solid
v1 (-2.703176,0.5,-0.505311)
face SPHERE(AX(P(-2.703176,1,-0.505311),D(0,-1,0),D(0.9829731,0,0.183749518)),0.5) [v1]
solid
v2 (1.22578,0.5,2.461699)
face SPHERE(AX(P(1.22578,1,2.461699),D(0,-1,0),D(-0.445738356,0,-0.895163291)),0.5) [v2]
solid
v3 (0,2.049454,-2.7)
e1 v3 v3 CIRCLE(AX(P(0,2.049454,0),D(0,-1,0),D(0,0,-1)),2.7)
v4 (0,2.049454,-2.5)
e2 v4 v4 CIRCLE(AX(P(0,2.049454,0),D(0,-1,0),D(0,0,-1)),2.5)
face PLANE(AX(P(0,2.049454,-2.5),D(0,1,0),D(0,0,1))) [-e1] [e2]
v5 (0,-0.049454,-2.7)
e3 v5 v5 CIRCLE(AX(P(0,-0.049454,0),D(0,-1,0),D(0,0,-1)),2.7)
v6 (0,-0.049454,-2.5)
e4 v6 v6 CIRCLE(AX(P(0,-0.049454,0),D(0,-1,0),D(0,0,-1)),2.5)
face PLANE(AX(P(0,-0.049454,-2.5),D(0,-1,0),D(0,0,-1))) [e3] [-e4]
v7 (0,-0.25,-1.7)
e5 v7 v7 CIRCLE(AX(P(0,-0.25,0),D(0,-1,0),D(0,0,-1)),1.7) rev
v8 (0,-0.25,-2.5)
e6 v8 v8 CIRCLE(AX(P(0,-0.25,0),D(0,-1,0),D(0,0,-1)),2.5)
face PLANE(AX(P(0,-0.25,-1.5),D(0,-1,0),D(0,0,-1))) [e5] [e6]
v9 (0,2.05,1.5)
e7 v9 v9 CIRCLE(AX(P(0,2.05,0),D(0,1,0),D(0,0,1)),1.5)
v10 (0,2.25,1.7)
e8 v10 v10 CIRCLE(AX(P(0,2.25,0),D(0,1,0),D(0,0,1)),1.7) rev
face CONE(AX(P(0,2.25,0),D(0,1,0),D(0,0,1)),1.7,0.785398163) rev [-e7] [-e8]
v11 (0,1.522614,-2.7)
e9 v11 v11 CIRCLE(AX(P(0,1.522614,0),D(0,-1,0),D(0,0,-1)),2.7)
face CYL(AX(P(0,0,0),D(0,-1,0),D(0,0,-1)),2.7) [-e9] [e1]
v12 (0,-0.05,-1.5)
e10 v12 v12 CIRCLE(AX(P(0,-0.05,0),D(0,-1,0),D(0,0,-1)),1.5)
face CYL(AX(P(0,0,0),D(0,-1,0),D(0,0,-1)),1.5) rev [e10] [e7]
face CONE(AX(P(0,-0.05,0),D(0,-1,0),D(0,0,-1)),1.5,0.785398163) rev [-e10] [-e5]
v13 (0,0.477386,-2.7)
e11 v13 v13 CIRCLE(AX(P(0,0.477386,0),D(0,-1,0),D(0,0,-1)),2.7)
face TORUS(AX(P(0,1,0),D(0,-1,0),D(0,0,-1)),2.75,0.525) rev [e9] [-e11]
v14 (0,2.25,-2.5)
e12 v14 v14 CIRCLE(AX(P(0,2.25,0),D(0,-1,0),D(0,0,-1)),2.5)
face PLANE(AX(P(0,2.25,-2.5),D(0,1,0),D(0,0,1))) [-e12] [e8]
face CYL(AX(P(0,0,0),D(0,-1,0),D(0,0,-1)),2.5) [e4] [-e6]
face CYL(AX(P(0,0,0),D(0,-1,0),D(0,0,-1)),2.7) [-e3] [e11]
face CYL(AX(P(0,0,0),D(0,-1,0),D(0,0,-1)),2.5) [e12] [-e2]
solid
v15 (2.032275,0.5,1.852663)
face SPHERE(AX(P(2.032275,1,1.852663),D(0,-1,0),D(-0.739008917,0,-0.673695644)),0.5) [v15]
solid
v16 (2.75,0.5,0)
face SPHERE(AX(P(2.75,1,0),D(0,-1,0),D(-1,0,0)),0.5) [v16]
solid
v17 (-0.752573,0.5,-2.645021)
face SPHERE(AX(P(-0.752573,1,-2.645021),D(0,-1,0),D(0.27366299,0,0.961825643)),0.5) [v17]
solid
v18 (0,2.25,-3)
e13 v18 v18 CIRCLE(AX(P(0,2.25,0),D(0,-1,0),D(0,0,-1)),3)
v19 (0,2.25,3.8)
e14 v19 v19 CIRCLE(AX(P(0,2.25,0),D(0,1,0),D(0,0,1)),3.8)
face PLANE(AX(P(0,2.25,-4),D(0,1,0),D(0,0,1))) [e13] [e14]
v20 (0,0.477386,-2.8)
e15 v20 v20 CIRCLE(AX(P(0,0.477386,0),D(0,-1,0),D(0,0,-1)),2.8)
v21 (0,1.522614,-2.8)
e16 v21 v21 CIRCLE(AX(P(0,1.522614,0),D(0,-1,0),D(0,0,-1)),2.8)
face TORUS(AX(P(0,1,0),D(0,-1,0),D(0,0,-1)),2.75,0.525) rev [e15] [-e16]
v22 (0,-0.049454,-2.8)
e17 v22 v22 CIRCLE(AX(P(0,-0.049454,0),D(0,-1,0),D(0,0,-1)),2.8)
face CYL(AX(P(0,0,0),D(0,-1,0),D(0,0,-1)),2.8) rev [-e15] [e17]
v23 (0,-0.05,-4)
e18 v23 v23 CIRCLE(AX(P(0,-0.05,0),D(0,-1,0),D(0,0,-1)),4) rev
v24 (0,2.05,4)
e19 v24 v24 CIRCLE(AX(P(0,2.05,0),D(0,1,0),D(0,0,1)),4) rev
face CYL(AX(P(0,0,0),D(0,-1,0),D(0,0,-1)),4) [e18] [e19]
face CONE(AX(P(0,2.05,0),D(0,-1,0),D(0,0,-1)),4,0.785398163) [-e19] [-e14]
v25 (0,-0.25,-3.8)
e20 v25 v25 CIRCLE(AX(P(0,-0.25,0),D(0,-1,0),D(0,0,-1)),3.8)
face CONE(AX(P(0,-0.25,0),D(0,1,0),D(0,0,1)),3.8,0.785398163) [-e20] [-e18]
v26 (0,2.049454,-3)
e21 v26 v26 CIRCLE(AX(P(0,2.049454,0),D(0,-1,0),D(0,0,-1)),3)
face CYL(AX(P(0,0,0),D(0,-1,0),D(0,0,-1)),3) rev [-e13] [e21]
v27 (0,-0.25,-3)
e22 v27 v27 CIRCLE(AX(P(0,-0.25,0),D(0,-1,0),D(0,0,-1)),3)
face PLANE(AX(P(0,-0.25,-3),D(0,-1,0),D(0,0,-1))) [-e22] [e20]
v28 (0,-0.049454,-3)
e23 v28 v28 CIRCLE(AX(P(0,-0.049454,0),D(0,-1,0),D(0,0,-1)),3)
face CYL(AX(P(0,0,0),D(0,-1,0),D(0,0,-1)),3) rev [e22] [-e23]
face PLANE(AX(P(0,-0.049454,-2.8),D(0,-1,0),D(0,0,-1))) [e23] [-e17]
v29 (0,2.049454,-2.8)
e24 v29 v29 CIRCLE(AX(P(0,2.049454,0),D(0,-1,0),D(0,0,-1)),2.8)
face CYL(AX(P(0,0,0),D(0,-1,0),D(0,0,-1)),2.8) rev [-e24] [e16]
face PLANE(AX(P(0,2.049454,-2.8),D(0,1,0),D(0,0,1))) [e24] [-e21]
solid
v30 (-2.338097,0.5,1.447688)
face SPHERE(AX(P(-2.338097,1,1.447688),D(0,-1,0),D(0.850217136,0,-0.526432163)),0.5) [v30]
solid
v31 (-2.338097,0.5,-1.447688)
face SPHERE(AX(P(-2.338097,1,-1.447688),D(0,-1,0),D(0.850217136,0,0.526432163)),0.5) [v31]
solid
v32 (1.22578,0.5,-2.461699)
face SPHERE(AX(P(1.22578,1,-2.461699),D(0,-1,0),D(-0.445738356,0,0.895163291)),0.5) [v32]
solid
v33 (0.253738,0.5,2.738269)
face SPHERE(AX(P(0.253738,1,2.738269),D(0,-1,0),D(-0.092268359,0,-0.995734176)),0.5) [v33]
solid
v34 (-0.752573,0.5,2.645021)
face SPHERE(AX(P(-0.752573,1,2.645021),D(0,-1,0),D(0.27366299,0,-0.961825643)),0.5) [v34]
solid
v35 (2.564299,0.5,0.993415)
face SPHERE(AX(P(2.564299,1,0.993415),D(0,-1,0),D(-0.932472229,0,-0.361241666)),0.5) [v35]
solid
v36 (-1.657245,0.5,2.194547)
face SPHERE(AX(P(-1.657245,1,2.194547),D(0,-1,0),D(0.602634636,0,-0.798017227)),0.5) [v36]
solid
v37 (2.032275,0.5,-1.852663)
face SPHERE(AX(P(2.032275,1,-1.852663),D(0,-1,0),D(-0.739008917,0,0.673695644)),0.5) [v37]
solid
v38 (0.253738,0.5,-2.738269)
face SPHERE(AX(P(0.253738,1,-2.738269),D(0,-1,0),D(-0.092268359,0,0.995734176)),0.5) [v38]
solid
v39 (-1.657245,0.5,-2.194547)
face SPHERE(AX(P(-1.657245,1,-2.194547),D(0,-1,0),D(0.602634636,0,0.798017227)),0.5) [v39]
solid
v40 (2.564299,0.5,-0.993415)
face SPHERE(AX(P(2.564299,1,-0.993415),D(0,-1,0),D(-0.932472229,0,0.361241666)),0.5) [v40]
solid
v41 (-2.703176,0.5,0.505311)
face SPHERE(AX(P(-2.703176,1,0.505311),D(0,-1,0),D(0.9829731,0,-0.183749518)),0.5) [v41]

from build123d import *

# Parameters (mm, degrees)
CIRPATTERN2_COUNT = 17
CHAMFER1_SIZE     = 0.2
CHAMFER2_SIZE     = 0.2


with BuildPart() as part:
    # Sketch1 → Revolve1 (revolve)
    with BuildSketch(Plane(origin=(0, 0, 0), x_dir=(0, 0, -1), z_dir=(1, 0, 0))):
        with BuildLine():
            Line((1.5, -0.25), (2.5, -0.25))
            Line((2.5, -0.25), (2.5, -0.049454287))
            Line((2.5, -0.049454287), (2.7, -0.049454287))
            Line((2.7, -0.049454287), (2.7, 0.477386376))
            ThreePointArc((2.7, 0.477386376), (2.225, 1), (2.7, 1.522613624))
            Line((2.7, 1.522613624), (2.7, 2.049454287))
            Line((2.7, 2.049454287), (2.5, 2.049454287))
            Line((2.5, 2.049454287), (2.5, 2.25))
            Line((2.5, 2.25), (1.5, 2.25))
            Line((1.5, 2.25), (1.5, -0.25))
        make_face()
        with BuildLine():
            Line((4, -0.25), (4, 2.25))
            Line((4, 2.25), (3, 2.25))
            Line((3, 2.25), (3, 2.049454287))
            Line((3, 2.049454287), (2.8, 2.049454287))
            Line((2.8, 2.049454287), (2.8, 1.522613624))
            ThreePointArc((2.8, 1.522613624), (3.275, 1), (2.8, 0.477386376))
            Line((2.8, 0.477386376), (2.8, -0.049454287))
            Line((2.8, -0.049454287), (3, -0.049454287))
            Line((3, -0.049454287), (3, -0.25))
            Line((3, -0.25), (4, -0.25))
        make_face()
    revolve(axis=Axis((0, 0, 0), (0, 1, 0)))

    # Chamfer1
    chamfer1_edges = [part.edges().sort_by_distance(p)[0] for p in [
        (0, 2.25, 4),
        (0, -0.25, 4),
    ]]
    chamfer(chamfer1_edges, length=CHAMFER1_SIZE)

    # Chamfer2
    chamfer2_edges = [part.edges().sort_by_distance(p)[0] for p in [
        (0, -0.25, 1.5),
        (0, 2.25, 1.5),
    ]]
    chamfer(chamfer2_edges, length=CHAMFER2_SIZE)


with BuildPart() as body_2:
    # Sketch2 → Revolve2 (revolve)
    with BuildSketch(Plane.XY):
        with BuildLine():
            Line((2.75, 1.5), (2.75, 0.5))
            ThreePointArc((2.75, 0.5), (3.25, 1), (2.75, 1.5))
        make_face()
    revolve(axis=Axis((2.75, -0.235597703, 0), (0, 1, 0)))


with BuildPart() as cirpattern2_1:
    # CirPattern2: pattern copy
    add(body_2.part.rotate(Axis((0, 0, 0), (0, 1, 0)), 1 * 360 / CIRPATTERN2_COUNT))


with BuildPart() as cirpattern2_2:
    # CirPattern2: pattern copy
    add(body_2.part.rotate(Axis((0, 0, 0), (0, 1, 0)), 2 * 360 / CIRPATTERN2_COUNT))


with BuildPart() as cirpattern2_3:
    # CirPattern2: pattern copy
    add(body_2.part.rotate(Axis((0, 0, 0), (0, 1, 0)), 3 * 360 / CIRPATTERN2_COUNT))


with BuildPart() as cirpattern2_4:
    # CirPattern2: pattern copy
    add(body_2.part.rotate(Axis((0, 0, 0), (0, 1, 0)), 4 * 360 / CIRPATTERN2_COUNT))


with BuildPart() as cirpattern2_5:
    # CirPattern2: pattern copy
    add(body_2.part.rotate(Axis((0, 0, 0), (0, 1, 0)), 5 * 360 / CIRPATTERN2_COUNT))


with BuildPart() as cirpattern2_6:
    # CirPattern2: pattern copy
    add(body_2.part.rotate(Axis((0, 0, 0), (0, 1, 0)), 6 * 360 / CIRPATTERN2_COUNT))


with BuildPart() as cirpattern2_7:
    # CirPattern2: pattern copy
    add(body_2.part.rotate(Axis((0, 0, 0), (0, 1, 0)), 7 * 360 / CIRPATTERN2_COUNT))


with BuildPart() as cirpattern2_8:
    # CirPattern2: pattern copy
    add(body_2.part.rotate(Axis((0, 0, 0), (0, 1, 0)), 8 * 360 / CIRPATTERN2_COUNT))


with BuildPart() as cirpattern2_9:
    # CirPattern2: pattern copy
    add(body_2.part.rotate(Axis((0, 0, 0), (0, 1, 0)), 9 * 360 / CIRPATTERN2_COUNT))


with BuildPart() as cirpattern2_10:
    # CirPattern2: pattern copy
    add(body_2.part.rotate(Axis((0, 0, 0), (0, 1, 0)), 10 * 360 / CIRPATTERN2_COUNT))


with BuildPart() as cirpattern2_11:
    # CirPattern2: pattern copy
    add(body_2.part.rotate(Axis((0, 0, 0), (0, 1, 0)), 11 * 360 / CIRPATTERN2_COUNT))


with BuildPart() as cirpattern2_12:
    # CirPattern2: pattern copy
    add(body_2.part.rotate(Axis((0, 0, 0), (0, 1, 0)), 12 * 360 / CIRPATTERN2_COUNT))


with BuildPart() as cirpattern2_13:
    # CirPattern2: pattern copy
    add(body_2.part.rotate(Axis((0, 0, 0), (0, 1, 0)), 13 * 360 / CIRPATTERN2_COUNT))


with BuildPart() as cirpattern2_14:
    # CirPattern2: pattern copy
    add(body_2.part.rotate(Axis((0, 0, 0), (0, 1, 0)), 14 * 360 / CIRPATTERN2_COUNT))


with BuildPart() as cirpattern2_15:
    # CirPattern2: pattern copy
    add(body_2.part.rotate(Axis((0, 0, 0), (0, 1, 0)), 15 * 360 / CIRPATTERN2_COUNT))


with BuildPart() as cirpattern2_16:
    # CirPattern2: pattern copy
    add(body_2.part.rotate(Axis((0, 0, 0), (0, 1, 0)), 16 * 360 / CIRPATTERN2_COUNT))


solid = Compound([part.part, body_2.part, cirpattern2_1.part, cirpattern2_2.part, cirpattern2_3.part, cirpattern2_4.part, cirpattern2_5.part, cirpattern2_6.part, cirpattern2_7.part, cirpattern2_8.part, cirpattern2_9.part, cirpattern2_10.part, cirpattern2_11.part, cirpattern2_12.part, cirpattern2_13.part, cirpattern2_14.part, cirpattern2_15.part, cirpattern2_16.part])
